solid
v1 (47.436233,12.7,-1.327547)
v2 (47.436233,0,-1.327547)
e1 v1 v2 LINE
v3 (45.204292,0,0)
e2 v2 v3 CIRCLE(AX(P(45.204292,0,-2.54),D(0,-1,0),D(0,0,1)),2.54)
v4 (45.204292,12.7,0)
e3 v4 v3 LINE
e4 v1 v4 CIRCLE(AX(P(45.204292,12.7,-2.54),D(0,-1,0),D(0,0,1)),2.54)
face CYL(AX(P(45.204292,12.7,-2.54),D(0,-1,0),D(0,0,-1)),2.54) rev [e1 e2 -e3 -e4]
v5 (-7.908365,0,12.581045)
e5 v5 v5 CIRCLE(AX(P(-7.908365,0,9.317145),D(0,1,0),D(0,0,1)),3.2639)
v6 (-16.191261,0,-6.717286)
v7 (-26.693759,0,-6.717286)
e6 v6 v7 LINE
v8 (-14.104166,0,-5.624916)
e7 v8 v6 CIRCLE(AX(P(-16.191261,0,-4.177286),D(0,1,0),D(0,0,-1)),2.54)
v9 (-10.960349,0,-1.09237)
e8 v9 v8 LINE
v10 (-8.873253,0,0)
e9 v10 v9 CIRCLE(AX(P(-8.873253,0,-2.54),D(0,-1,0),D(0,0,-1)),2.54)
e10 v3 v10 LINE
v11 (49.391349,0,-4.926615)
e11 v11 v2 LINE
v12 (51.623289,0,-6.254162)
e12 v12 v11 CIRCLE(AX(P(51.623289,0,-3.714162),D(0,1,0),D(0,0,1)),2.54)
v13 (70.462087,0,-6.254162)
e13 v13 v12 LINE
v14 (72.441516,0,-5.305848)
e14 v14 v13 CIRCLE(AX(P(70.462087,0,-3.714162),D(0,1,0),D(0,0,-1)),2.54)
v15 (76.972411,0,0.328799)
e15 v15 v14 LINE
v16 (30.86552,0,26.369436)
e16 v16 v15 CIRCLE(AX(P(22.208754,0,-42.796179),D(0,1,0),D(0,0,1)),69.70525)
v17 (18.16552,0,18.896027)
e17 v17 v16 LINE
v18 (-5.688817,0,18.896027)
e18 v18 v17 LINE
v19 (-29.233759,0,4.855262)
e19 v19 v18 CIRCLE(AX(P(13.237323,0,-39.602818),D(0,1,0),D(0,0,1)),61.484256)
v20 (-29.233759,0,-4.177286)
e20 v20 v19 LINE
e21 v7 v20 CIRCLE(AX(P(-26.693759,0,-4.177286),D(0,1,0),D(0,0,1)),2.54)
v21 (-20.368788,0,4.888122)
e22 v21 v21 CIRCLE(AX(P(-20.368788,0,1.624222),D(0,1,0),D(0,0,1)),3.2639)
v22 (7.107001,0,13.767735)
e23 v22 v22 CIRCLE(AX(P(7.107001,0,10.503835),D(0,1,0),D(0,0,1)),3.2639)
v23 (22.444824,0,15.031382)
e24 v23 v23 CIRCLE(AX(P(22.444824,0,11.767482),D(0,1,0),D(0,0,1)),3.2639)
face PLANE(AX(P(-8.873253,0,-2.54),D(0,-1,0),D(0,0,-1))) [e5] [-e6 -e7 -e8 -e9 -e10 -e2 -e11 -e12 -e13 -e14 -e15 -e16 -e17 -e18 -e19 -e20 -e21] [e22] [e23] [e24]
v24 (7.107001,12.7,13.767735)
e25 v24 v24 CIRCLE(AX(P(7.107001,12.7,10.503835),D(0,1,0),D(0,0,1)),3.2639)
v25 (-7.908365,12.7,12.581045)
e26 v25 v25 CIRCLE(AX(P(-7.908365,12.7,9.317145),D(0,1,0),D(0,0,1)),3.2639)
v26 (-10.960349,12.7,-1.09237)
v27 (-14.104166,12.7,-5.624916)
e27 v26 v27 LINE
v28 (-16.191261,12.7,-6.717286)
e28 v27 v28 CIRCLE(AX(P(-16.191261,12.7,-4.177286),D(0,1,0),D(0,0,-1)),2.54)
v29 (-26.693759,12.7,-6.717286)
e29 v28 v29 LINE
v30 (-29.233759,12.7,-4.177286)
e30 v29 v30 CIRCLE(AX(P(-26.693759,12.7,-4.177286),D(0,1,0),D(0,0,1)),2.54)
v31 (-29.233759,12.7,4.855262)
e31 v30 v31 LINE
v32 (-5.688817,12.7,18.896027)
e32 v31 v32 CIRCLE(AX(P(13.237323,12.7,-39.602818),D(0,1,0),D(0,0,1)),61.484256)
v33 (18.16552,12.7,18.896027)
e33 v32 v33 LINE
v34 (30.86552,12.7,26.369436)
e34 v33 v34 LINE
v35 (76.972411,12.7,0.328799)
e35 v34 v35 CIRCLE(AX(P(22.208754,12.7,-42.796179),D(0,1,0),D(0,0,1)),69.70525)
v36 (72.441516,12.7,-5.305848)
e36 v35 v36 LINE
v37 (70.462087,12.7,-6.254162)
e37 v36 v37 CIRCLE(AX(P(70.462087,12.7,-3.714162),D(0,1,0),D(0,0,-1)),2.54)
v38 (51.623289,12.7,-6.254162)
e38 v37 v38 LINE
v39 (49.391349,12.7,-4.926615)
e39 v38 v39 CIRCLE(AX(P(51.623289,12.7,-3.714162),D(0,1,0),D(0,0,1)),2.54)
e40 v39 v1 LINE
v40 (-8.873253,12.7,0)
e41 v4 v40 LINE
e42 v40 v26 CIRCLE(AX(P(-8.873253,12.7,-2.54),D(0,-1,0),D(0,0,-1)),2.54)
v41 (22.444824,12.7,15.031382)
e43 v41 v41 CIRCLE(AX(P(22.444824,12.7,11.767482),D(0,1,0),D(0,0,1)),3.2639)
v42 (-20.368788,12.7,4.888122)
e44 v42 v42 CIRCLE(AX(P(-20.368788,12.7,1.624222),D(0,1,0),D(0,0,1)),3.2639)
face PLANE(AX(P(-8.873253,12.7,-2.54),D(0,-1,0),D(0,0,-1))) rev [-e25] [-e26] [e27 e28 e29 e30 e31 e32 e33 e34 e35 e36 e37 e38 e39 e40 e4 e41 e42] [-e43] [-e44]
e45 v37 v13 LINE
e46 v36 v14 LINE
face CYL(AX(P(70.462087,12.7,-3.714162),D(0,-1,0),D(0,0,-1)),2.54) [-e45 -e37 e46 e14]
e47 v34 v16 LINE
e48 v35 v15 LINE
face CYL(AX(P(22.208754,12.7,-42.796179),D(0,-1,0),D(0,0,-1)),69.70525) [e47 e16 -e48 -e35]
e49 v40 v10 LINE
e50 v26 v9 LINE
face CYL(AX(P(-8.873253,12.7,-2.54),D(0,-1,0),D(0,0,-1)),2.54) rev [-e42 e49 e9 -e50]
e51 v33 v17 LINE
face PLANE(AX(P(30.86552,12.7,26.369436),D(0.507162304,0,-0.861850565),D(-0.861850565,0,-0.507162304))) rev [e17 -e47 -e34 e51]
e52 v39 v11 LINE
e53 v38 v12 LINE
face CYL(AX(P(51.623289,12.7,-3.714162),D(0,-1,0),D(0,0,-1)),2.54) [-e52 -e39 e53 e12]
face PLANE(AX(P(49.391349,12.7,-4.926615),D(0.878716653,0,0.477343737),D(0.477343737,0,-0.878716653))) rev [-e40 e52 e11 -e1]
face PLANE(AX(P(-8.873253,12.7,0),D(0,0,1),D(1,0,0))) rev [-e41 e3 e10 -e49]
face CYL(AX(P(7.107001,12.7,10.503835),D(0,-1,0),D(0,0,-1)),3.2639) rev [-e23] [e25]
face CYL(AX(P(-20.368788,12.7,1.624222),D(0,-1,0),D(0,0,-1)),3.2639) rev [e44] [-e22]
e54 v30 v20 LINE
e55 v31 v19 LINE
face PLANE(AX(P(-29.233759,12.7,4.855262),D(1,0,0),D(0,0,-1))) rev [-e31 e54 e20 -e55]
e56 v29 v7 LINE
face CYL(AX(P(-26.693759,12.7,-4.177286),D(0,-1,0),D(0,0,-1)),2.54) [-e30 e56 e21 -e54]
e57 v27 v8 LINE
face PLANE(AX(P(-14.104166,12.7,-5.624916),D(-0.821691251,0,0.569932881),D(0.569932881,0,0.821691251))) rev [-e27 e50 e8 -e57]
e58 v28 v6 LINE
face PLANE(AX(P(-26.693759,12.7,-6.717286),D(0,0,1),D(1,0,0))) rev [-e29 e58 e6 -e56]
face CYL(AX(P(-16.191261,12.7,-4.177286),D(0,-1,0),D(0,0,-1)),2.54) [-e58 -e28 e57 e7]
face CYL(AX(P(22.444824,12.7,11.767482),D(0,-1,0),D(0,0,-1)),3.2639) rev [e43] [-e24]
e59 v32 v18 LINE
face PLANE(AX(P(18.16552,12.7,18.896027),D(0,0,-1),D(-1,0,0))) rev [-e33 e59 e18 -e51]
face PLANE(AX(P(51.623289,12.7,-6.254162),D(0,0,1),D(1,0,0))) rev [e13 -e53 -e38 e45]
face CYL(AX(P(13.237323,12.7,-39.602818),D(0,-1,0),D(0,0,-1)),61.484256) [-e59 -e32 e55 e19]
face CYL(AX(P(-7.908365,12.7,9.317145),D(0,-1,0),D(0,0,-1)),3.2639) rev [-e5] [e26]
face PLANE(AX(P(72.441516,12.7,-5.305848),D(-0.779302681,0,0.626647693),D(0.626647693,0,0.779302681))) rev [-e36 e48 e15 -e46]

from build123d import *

# Parameters (mm, degrees)
SKETCH1_R           = 3.2639
BOSS_EXTRUDE1_DEPTH = 12.7


with BuildPart() as part:
    # Sketch1 → Boss-Extrude1 (new body)
    with BuildSketch(Plane(origin=(0, 0, 0), x_dir=(1, 0, 0), z_dir=(0, 1, 0))):
        with BuildLine():
            Line((-8.873253367, 0), (45.204292469, 0))
            ThreePointArc((45.204292469, 0), (46.502747155, 0.356971043), (47.436232768, 1.327546907))
            Line((47.436232768, 1.327546907), (49.391348597, 4.926615465))
            ThreePointArc((49.391348597, 4.926615465), (50.324834209, 5.897191329), (51.623288895, 6.254162372))
            Line((51.623288895, 6.254162372), (70.462087223, 6.254162372))
            ThreePointArc((70.462087223, 6.254162372), (71.559520533, 6.004847887), (72.441516032, 5.305847513))
            Line((72.441516032, 5.305847513), (76.972410672, -0.328799158))
            ThreePointArc((76.972410672, -0.328799158), (56.487992256, -17.897771795), (30.865519551, -26.369435729))
            Line((30.865519551, -26.369435729), (18.165519551, -18.896027316))
            Line((18.165519551, -18.896027316), (-5.688817186, -18.896027316))
            ThreePointArc((-5.688817186, -18.896027316), (-18.253794481, -13.20459823), (-29.23375861, -4.855262498))
            Line((-29.23375861, -4.855262498), (-29.23375861, 4.177286104))
            ThreePointArc((-29.23375861, 4.177286104), (-28.489809834, 5.973337328), (-26.69375861, 6.717286104))
            Line((-26.69375861, 6.717286104), (-16.191261416, 6.717286104))
            ThreePointArc((-16.191261416, 6.717286104), (-15.013419953, 6.427683732), (-14.10416564, 5.624915621))
            Line((-14.10416564, 5.624915621), (-10.960349143, 1.092370482))
            ThreePointArc((-10.960349143, 1.092370482), (-10.05109483, 0.289602371), (-8.873253367, 0))
        make_face()
        with Locations((-20.368787798, -1.624222444)):
            Circle(SKETCH1_R, mode=Mode.SUBTRACT)
        with Locations((-7.908365266, -9.317144856)):
            Circle(SKETCH1_R, mode=Mode.SUBTRACT)
        with Locations((7.107001098, -10.503835127)):
            Circle(SKETCH1_R, mode=Mode.SUBTRACT)
        with Locations((22.444824189, -11.767482364)):
            Circle(SKETCH1_R, mode=Mode.SUBTRACT)
    extrude(amount=BOSS_EXTRUDE1_DEPTH)


solid = part.part
